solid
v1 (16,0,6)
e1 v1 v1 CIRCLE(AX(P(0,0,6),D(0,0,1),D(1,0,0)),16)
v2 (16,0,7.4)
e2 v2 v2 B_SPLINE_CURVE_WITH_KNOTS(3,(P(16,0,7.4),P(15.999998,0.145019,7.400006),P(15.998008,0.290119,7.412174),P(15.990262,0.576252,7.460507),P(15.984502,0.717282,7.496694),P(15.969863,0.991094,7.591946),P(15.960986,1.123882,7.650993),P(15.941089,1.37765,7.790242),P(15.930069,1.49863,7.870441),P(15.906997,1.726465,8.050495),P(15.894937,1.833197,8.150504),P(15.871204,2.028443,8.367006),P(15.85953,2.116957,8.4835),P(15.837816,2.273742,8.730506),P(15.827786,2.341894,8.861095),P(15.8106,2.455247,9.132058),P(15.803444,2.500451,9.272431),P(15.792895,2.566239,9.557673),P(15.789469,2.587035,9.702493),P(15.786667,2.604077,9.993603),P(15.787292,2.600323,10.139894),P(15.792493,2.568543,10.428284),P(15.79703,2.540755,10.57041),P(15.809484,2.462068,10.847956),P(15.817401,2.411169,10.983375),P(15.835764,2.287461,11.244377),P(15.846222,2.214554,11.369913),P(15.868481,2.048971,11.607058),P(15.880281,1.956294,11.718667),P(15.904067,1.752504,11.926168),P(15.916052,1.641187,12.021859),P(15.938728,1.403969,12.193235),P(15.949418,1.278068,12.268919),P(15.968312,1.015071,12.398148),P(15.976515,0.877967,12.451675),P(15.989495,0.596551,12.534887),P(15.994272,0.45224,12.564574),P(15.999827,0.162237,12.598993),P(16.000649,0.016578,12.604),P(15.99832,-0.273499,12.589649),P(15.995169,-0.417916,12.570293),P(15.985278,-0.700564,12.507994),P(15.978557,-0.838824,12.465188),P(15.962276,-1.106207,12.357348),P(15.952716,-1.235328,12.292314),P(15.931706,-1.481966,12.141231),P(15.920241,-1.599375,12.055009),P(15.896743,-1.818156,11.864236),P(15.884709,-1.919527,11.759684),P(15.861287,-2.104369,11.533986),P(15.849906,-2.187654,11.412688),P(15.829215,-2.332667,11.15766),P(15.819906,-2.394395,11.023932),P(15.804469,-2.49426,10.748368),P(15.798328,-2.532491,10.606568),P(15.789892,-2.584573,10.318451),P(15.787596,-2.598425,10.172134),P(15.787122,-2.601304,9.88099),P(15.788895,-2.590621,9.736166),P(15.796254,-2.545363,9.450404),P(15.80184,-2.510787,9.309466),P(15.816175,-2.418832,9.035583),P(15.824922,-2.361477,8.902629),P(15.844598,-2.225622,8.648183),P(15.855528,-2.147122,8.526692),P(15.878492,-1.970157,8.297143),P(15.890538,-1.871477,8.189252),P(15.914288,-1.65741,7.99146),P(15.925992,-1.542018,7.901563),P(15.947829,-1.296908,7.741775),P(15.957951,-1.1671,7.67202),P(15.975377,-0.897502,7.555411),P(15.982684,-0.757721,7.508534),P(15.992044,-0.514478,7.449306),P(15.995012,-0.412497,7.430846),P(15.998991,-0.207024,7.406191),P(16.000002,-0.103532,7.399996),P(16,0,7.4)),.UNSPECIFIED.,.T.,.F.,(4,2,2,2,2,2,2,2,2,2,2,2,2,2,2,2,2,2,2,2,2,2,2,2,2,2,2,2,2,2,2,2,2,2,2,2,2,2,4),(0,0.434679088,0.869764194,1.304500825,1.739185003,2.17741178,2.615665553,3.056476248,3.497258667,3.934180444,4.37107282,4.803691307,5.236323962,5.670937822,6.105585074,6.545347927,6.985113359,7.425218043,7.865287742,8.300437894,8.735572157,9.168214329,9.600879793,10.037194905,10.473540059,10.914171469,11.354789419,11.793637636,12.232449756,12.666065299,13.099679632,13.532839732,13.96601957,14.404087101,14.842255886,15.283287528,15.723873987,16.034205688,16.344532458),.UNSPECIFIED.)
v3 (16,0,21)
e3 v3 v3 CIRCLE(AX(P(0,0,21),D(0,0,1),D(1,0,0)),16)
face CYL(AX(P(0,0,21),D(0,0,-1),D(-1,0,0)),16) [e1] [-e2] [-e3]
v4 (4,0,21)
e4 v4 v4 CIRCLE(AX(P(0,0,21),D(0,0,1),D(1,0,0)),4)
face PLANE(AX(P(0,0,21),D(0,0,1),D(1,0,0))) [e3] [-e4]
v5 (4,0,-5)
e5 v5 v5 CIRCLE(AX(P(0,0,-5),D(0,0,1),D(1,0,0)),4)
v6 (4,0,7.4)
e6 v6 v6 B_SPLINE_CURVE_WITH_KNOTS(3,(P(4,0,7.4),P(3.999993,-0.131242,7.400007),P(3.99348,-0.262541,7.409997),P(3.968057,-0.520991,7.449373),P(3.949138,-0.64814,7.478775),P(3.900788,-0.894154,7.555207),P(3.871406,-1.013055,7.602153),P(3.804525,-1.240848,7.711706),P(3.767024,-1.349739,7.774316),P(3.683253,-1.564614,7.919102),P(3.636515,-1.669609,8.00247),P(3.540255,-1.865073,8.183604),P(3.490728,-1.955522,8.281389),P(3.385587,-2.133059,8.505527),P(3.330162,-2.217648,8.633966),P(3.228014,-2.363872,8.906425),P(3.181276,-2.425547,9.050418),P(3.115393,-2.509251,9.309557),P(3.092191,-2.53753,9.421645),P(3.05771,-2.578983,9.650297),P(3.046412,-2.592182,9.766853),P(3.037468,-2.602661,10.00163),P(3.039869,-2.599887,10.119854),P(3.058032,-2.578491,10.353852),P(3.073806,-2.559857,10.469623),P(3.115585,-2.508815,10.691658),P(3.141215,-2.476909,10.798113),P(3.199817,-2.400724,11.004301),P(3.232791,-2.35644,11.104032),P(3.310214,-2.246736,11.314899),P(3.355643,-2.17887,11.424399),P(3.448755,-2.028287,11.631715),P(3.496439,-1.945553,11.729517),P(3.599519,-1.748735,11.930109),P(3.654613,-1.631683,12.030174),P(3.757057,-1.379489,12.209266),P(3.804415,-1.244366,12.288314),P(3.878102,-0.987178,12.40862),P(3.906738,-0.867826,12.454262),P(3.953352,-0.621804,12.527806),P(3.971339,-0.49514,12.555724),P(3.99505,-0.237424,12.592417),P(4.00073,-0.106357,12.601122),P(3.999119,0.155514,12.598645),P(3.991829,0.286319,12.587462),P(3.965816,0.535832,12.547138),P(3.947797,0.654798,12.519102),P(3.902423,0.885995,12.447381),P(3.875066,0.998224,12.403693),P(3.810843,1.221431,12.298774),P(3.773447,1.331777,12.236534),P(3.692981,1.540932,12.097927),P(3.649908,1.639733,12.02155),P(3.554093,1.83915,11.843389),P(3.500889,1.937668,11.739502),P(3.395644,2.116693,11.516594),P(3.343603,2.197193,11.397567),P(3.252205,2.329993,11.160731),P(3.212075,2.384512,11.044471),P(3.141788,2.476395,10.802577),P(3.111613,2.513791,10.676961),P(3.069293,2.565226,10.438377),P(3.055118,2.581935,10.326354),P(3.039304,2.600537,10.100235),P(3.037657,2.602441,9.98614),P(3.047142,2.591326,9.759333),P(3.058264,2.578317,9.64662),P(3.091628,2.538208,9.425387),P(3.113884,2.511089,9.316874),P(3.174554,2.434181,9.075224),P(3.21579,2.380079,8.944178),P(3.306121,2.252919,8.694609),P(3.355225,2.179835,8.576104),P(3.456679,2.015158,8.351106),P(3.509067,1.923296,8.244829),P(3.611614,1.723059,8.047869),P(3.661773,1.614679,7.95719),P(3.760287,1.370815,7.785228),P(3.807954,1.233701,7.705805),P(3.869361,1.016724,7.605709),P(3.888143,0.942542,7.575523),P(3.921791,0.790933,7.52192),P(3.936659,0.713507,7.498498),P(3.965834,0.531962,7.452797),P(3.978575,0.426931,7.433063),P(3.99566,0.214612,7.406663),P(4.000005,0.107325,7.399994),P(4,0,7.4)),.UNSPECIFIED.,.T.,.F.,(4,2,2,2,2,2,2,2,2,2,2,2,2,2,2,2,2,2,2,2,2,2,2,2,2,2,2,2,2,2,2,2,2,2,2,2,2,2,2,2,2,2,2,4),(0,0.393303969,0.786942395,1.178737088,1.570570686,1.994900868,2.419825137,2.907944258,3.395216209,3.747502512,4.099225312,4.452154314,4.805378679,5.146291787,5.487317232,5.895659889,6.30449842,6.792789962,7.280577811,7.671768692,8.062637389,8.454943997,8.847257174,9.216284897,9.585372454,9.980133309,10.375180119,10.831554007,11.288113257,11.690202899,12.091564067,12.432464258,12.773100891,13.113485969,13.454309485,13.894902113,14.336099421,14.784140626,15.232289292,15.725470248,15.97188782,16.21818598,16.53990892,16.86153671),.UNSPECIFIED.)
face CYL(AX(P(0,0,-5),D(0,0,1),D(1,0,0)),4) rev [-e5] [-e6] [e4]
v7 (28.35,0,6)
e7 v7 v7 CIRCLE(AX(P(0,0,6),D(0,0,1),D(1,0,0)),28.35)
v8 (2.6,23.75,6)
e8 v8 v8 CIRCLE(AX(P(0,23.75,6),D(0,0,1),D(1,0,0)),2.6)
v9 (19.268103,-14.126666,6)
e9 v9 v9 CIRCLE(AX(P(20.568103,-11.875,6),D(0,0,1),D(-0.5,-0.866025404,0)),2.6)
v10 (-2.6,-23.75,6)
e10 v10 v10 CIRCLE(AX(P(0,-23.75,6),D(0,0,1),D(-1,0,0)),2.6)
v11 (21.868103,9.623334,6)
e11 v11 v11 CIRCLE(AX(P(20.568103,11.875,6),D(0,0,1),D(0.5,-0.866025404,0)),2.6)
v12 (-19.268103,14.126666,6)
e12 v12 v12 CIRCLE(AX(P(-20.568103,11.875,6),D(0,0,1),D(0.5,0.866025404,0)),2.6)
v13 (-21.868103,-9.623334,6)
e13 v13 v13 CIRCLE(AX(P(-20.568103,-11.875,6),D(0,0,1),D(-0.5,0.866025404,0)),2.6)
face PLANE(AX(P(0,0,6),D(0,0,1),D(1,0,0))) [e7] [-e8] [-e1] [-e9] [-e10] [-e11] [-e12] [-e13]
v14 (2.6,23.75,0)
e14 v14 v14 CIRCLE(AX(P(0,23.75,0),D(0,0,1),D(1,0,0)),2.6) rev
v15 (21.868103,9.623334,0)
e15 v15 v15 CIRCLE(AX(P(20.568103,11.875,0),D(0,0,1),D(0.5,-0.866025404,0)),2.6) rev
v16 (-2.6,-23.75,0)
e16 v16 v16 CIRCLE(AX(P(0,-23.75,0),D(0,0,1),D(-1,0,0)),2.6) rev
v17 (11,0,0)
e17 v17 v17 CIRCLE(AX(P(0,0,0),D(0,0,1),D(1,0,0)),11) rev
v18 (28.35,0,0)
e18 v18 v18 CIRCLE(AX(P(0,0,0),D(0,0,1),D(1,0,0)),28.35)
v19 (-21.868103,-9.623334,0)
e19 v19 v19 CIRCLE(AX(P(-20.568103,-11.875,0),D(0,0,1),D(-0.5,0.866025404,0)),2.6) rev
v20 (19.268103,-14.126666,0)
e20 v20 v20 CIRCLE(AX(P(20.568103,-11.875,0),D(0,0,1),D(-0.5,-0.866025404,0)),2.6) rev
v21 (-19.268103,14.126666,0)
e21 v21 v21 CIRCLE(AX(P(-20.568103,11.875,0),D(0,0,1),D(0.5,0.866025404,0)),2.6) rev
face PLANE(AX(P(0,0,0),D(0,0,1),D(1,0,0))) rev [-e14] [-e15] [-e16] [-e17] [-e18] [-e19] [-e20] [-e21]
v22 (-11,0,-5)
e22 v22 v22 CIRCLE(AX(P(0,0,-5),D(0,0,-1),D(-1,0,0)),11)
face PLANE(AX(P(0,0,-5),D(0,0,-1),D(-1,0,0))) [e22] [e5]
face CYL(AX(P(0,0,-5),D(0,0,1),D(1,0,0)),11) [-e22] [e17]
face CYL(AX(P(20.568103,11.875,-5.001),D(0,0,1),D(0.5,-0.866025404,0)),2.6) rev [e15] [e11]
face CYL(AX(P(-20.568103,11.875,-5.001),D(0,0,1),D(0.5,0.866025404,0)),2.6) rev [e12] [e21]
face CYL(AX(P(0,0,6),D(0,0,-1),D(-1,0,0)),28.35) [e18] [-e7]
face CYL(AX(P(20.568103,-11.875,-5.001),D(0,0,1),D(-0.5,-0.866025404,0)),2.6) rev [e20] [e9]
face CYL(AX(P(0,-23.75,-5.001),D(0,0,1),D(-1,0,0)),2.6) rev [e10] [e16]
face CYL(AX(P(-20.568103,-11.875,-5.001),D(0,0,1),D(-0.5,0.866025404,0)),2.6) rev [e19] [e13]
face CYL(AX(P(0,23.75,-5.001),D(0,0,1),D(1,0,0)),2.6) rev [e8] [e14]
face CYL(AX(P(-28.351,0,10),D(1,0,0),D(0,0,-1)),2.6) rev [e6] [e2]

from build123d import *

# Parameters (mm, degrees)
SKETCH_1_R               = 28.35
EXTRUDE_1_DEPTH          = 6
SKETCH_2_R               = 16
EXTRUDE_2_DEPTH          = 15
SKETCH_7_R               = 11
EXTRUDE_3_DEPTH          = 5
SKETCH_3_R               = 4
CUT_EXTRUDE_1_DEPTH      = 48.785405722
CUT_EXTRUDE_2_REACH      = 44.807
SKETCH_4_R               = 2.6
PATTERN_CIRCULAR_1_COUNT = 6
CUT_EXTRUDE_3_REACH      = 58.671
SKETCH_6_R               = 2.6


with BuildPart() as part:
    # 草圖1 → 填料-伸長1 (new body)
    with BuildSketch(Plane.XY):
        Circle(SKETCH_1_R)
    extrude(amount=EXTRUDE_1_DEPTH)

    # 草圖2 → 填料-伸長2 (add)
    with BuildSketch(Plane.XY.offset(6)):
        Circle(SKETCH_2_R)
    extrude(amount=EXTRUDE_2_DEPTH)

    # 草圖7 → 填料-伸長3 (add)
    with BuildSketch(Plane(origin=(0, 0, 0), x_dir=(-1, 0, 0), z_dir=(0, 0, -1))):
        Circle(SKETCH_7_R)
    extrude(amount=EXTRUDE_3_DEPTH)

    # 草圖3 → 除料-伸長1 (cut, through all)
    with BuildSketch(Plane.XY.offset(21)):
        Circle(SKETCH_3_R)
    extrude(amount=-CUT_EXTRUDE_1_DEPTH, mode=Mode.SUBTRACT)

    # 草圖4 → 除料-伸長2 (cut, up to next)
    with BuildSketch(Plane.XY.offset(6), mode=Mode.PRIVATE) as cut_extrude_2_sk1:
        with Locations((0, 23.75)):
            Circle(SKETCH_4_R)
    cut_extrude_2_tool1 = extrude(cut_extrude_2_sk1.sketch, amount=-CUT_EXTRUDE_2_REACH, mode=Mode.PRIVATE) & part.part
    cut_extrude_2 = cut_extrude_2_tool1.solids().sort_by_distance((0, 23.75, 6))[0]
    add(cut_extrude_2, mode=Mode.SUBTRACT)

    # 環狀複製排列1: 除料-伸長2 ×6 about axis
    pattern_circular_1_axis = Axis((0, 0, 6), (0, 0, 1))
    for i in range(1, PATTERN_CIRCULAR_1_COUNT):
        add(cut_extrude_2.rotate(pattern_circular_1_axis, i * 360 / PATTERN_CIRCULAR_1_COUNT), mode=Mode.SUBTRACT)

    # 草圖6 → 除料-伸長3 (cut, up to next)
    with BuildSketch(Plane(origin=(16, 0, 0), x_dir=(0, 0, -1), z_dir=(1, 0, 0)), mode=Mode.PRIVATE) as cut_extrude_3_sk1:
        with Locations((-10, 0)):
            Circle(SKETCH_6_R)
    cut_extrude_3_tool1 = extrude(cut_extrude_3_sk1.sketch, amount=-CUT_EXTRUDE_3_REACH, mode=Mode.PRIVATE) & part.part
    add(cut_extrude_3_tool1.solids().sort_by_distance((16, 0, 10))[0], mode=Mode.SUBTRACT)


solid = part.part
